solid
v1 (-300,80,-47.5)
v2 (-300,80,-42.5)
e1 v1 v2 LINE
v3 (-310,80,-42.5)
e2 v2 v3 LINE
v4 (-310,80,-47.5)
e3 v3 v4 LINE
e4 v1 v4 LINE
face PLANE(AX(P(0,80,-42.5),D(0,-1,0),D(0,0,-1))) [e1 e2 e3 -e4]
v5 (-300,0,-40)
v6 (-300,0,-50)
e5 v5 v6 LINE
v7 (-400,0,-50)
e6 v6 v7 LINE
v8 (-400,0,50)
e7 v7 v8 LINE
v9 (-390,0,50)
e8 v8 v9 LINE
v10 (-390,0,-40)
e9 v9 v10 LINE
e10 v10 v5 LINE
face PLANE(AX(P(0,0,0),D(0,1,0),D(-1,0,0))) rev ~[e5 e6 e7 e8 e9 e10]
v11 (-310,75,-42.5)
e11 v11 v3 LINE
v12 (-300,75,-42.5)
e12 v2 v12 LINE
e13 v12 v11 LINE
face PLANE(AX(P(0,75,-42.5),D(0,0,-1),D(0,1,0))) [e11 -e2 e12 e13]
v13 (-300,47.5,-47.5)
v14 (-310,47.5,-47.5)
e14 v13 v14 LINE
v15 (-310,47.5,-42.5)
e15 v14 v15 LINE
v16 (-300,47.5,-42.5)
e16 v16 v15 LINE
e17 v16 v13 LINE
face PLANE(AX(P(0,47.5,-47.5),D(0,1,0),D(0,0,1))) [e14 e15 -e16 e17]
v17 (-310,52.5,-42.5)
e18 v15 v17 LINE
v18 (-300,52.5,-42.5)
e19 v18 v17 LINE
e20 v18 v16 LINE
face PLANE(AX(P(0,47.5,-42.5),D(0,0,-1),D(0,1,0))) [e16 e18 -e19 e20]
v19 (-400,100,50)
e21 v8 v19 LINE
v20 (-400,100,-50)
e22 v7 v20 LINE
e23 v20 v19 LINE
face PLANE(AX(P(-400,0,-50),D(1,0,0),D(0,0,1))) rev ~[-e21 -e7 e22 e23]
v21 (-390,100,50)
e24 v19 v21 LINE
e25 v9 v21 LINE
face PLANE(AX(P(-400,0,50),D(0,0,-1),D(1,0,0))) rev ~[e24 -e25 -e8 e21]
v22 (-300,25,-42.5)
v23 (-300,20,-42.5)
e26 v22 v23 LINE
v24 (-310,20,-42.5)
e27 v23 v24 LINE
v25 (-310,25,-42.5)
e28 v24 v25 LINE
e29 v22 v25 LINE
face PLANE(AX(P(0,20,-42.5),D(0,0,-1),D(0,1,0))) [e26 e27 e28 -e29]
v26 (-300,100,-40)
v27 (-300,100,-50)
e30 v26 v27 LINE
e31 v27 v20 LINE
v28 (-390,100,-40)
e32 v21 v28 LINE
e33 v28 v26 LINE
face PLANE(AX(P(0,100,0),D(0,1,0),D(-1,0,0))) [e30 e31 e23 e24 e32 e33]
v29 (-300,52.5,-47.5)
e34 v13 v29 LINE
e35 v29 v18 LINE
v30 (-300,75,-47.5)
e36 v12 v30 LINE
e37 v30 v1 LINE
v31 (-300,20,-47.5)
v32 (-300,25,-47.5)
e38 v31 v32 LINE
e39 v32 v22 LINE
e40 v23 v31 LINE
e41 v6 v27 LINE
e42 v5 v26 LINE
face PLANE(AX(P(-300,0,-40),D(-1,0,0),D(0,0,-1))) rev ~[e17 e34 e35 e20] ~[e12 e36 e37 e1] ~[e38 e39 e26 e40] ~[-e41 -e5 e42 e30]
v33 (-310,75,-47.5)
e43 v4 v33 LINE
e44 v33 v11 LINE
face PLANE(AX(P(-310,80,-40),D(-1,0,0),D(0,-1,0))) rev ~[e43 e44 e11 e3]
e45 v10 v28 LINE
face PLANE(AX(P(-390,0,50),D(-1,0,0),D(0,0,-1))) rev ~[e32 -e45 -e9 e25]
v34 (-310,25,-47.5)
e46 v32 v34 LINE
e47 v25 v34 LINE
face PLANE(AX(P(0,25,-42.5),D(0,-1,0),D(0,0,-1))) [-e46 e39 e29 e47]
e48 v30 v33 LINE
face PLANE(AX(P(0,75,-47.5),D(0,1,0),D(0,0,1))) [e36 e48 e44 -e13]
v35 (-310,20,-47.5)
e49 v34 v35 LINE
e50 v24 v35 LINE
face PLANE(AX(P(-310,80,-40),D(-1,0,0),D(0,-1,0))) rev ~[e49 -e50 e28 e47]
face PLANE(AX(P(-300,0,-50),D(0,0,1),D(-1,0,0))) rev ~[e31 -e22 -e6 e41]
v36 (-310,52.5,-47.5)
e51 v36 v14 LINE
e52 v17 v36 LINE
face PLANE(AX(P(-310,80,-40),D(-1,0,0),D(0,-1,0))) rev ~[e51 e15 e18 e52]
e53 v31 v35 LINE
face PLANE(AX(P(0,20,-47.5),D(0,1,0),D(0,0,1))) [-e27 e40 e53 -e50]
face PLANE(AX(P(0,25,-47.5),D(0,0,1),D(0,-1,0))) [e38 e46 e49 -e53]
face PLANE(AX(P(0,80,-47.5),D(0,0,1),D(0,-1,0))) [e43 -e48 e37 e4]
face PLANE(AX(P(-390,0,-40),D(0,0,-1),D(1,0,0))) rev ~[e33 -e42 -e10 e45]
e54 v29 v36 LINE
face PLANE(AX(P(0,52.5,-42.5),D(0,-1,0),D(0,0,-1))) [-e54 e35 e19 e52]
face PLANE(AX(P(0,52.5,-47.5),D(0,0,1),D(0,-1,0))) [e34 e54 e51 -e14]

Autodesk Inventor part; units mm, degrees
ref_plane "YZ Plane" through (0, 0, 0) normal (1, 0, 0) x (0, 1, 0)
ref_plane "XZ Plane" through (0, 0, 0) normal (0, 1, 0) x (-1, 0, 0)
ref_plane "XY Plane" through (0, 0, 0) normal (0, 0, 1) x (1, 0, 0)
sketch "Sketch1" plane through (0, 0, 0) normal (0, 1, 0) x (-1, 0, 0)
  line L0 (400, -50) -> (400, 50)
  line L1 (400, 50) -> (390, 50)
  line L2 (390, 50) -> (390, -40)
  line L3 (390, -40) -> (300, -40)
  line L4 (300, -40) -> (300, -50)
  line L5 (300, -50) -> (400, -50)
  line L6 (250, -50) -> (250, -40)
  line L7 (250, -40) -> (150, -40)
  line L8 (150, -40) -> (150, -50)
  line L9 (150, -50) -> (250, -50)
  line L10 (100, -50) -> (100, -40)
  line L11 (100, -40) -> (10, -40)
  line L12 (10, -40) -> (10, 50)
  line L13 (10, 50) -> (0, 50)
  line L14 (0, 50) -> (0, -50)
  line L15 (0, -50) -> (100, -50)
  point P0 (0, 0)
  dimension "d0" = 100
  dimension "d1" = 100
  dimension "d2" = 10
  dimension "d3" = 10
  dimension "d4" = 100
  dimension "d5" = 100
  dimension "d6" = 100
  dimension "d7" = 10
  dimension "d8" = 10
  dimension "d9" = 50
  dimension "d10" = 50
  dimension "d11" = 400
  dimension "d12" = 50
  dimension "d13" = 50
extrude "Extrusion1" add sketch "Sketch1" along normal blind 100
sketch "Sketch2" plane through (0, 0, 0) normal (1, 0, 0) x (0, 1, 0)
  point P0 (0, 0)
sketch "Sketch3" plane through (0, 0, 50) normal (1, 0, 0) x (0, 0, -1)
  line L0 (92.5, 80) -> (97.5, 80)
  line L1 (97.5, 80) -> (97.5, 75)
  line L2 (97.5, 75) -> (92.5, 75)
  line L3 (92.5, 75) -> (92.5, 80)
  line L4 (97.5, 20) -> (92.5, 20)
  line L5 (92.5, 20) -> (92.5, 25)
  line L6 (92.5, 25) -> (97.5, 25)
  line L7 (97.5, 25) -> (97.5, 20)
  line L8 (0, 100) -> (100, 100) projected
  line L9 (100, 0) -> (100, 100) projected
  line L10 (0, 0) -> (100, 0) projected
  line L11 (92.5, 52.5) -> (97.5, 52.5)
  line L12 (97.5, 52.5) -> (97.5, 47.5)
  line L13 (97.5, 47.5) -> (92.5, 47.5)
  line L14 (92.5, 47.5) -> (92.5, 52.5)
  point P0 (50, 0)
  dimension "d16" = 20
  dimension "d17" = 5
  dimension "d18" = 5
  dimension "d19" = 2.5
  dimension "d20" = 20
  dimension "d21" = 5
  dimension "d22" = 5
  dimension "d24" = 7.5
  dimension "d25" = 5
  dimension "d26" = 5
  dimension "d27" = 2.5
  dimension "d28" = 22.5
extrude "Extrusion2" cut sketch "Sketch3" against normal blind 320
sketch "Sketch4" plane through (0, 0, 50) normal (1, 0, 0) x (0, 0, -1)
  line L0 (97.5, 75) -> (92.5, 75) projected
  line L1 (97.5, 80) -> (97.5, 75) projected
  line L2 (92.5, 80) -> (97.5, 80) projected
  line L3 (92.5, 75) -> (92.5, 80) projected
  line L4 (97.5, 47.5) -> (92.5, 47.5) projected
  line L5 (97.5, 52.5) -> (97.5, 47.5) projected
  line L6 (92.5, 52.5) -> (97.5, 52.5) projected
  line L7 (92.5, 47.5) -> (92.5, 52.5) projected
  line L8 (92.5, 25) -> (97.5, 25) projected
  line L9 (92.5, 20) -> (92.5, 25) projected
  line L10 (97.5, 20) -> (92.5, 20) projected
  line L11 (97.5, 25) -> (97.5, 20) projected
  line L12 (92.5, 80) -> (97.5, 80)
  line L13 (97.5, 80) -> (97.5, 75)
  line L14 (97.5, 75) -> (92.5, 75)
  line L15 (92.5, 75) -> (92.5, 80)
  line L16 (92.5, 52.5) -> (97.5, 52.5)
  line L17 (97.5, 52.5) -> (97.5, 47.5)
  line L18 (97.5, 47.5) -> (92.5, 47.5)
  line L19 (92.5, 47.5) -> (92.5, 52.5)
  line L20 (92.5, 25) -> (97.5, 25)
  line L21 (97.5, 25) -> (97.5, 20)
  line L22 (97.5, 20) -> (92.5, 20)
  line L23 (92.5, 20) -> (92.5, 25)
  point P0 (50, 0)
extrude "Extrusion3" add sketch "Sketch4" against normal blind 80
sketch "Sketch6" plane through (-250, 0, -40) normal (0, 0, 1) x (1, 0, 0)
  line L0 (-50, 80) -> (-50, 75) projected
  line L1 (-50, 80) -> (-70, 80) projected
  line L2 (-70, 80) -> (-70, 75) projected
  line L3 (-50, 75) -> (-70, 75) projected
  line L4 (-50, 52.5) -> (-50, 47.5) projected
  line L5 (-50, 52.5) -> (-70, 52.5) projected
  line L6 (-70, 52.5) -> (-70, 47.5) projected
  line L7 (-50, 47.5) -> (-70, 47.5) projected
  line L8 (-50, 25) -> (-50, 20) projected
  line L9 (-50, 25) -> (-70, 25) projected
  line L10 (-70, 25) -> (-70, 20) projected
  line L11 (-50, 20) -> (-70, 20) projected
  line L12 (0, 75) -> (0, 80) projected
  line L13 (100, 75) -> (0, 75) projected
  line L14 (100, 80) -> (100, 75) projected
  line L15 (100, 80) -> (0, 80) projected
  line L16 (0, 47.5) -> (0, 52.5) projected
  line L17 (100, 47.5) -> (0, 47.5) projected
  line L18 (100, 52.5) -> (100, 47.5) projected
  line L19 (100, 52.5) -> (0, 52.5) projected
  line L20 (0, 20) -> (0, 25) projected
  line L21 (100, 20) -> (0, 20) projected
  line L22 (100, 25) -> (100, 20) projected
  line L23 (100, 25) -> (0, 25) projected
  line L24 (170, 75) -> (170, 80) projected
  line L25 (170, 80) -> (150, 80) projected
  line L26 (150, 75) -> (150, 80) projected
  line L27 (170, 75) -> (150, 75) projected
  line L28 (170, 47.5) -> (170, 52.5) projected
  line L29 (170, 52.5) -> (150, 52.5) projected
  line L30 (150, 47.5) -> (150, 52.5) projected
  line L31 (170, 47.5) -> (150, 47.5) projected
  line L32 (170, 20) -> (170, 25) projected
  line L33 (170, 25) -> (150, 25) projected
  line L34 (150, 20) -> (150, 25) projected
  line L35 (170, 20) -> (150, 20) projected
  line L36 (-70, 80) -> (-60, 80)
  line L37 (-60, 80) -> (-60, 20)
  line L38 (-60, 20) -> (-70, 20)
  line L39 (-70, 20) -> (-70, 80)
  line L40 (10, 80) -> (90, 80)
  line L41 (90, 80) -> (90, 20)
  line L42 (90, 20) -> (10, 20)
  line L43 (10, 20) -> (10, 80)
  line L44 (160, 80) -> (170, 80)
  line L45 (170, 80) -> (170, 20)
  line L46 (170, 20) -> (160, 20)
  line L47 (160, 20) -> (160, 80)
  line L48 (0, 0) -> (0, 100) projected
  line L49 (100, 0) -> (100, 100) projected
  line L50 (10, 25) -> (90, 25)
  line L51 (90, 25) -> (90, 20)
  line L52 (90, 20) -> (10, 20)
  line L53 (10, 20) -> (10, 25)
  point P0 (250, 0)
  point P1 (160, 25)
  point P2 (160, 20)
  point P3 (160, 52.5)
  point P4 (160, 47.5)
  point P5 (160, 75)
  point P6 (10, 75)
  point P7 (90, 75)
  point P8 (90, 80)
  point P9 (10, 52.5)
  point P10 (10, 47.5)
  point P11 (90, 47.5)
  point P12 (90, 52.5)
  point P13 (10, 25)
  point P14 (10, 20)
  point P15 (-60, 25)
  point P16 (-60, 47.5)
  point P17 (-60, 52.5)
  point P18 (-60, 75)
  point P19 (90, 25)
  point P20 (90, 25)
  dimension "d33" = 10
  dimension "d34" = 10
extrude "Extrusion4" add sketch "Sketch6" against normal blind 10 contours L37 L3 L2 L1 | L37 L5 L39 L3 | L37 L7 L6 L5 | L37 L9 L39 L7 | L37 L11 L10 L9 | L43 L15 L41 L13 | L19 L41 L17 L43 | L23 L41 L21 L43 | L27 L47 L25 L24 | L45 L29 L47 L27 | L28 L31 L47 L29 | L45 L33 L47 L31 | L32 L35 L47 L33
sketch "Sketch8" plane through (0, 100, 0) normal (0, 1, 0) x (1, 0, 0)
  line L0 (0, 50) -> (-100, 50) projected
  line L1 (0, -50) -> (0, 50) projected
  line L2 (-250, 50) -> (-250, 40) projected
  line L3 (0, 50) -> (-250, 50)
  line L4 (-250, 50) -> (-250, -50)
  line L5 (-250, -50) -> (0, -50)
  line L6 (0, -50) -> (0, 50)
  point P0 (0, 0)
  dimension "d46" = 100
extrude "Extrusion6" cut sketch "Sketch8" against normal through all
properties part number "Soccer Goal Split"
